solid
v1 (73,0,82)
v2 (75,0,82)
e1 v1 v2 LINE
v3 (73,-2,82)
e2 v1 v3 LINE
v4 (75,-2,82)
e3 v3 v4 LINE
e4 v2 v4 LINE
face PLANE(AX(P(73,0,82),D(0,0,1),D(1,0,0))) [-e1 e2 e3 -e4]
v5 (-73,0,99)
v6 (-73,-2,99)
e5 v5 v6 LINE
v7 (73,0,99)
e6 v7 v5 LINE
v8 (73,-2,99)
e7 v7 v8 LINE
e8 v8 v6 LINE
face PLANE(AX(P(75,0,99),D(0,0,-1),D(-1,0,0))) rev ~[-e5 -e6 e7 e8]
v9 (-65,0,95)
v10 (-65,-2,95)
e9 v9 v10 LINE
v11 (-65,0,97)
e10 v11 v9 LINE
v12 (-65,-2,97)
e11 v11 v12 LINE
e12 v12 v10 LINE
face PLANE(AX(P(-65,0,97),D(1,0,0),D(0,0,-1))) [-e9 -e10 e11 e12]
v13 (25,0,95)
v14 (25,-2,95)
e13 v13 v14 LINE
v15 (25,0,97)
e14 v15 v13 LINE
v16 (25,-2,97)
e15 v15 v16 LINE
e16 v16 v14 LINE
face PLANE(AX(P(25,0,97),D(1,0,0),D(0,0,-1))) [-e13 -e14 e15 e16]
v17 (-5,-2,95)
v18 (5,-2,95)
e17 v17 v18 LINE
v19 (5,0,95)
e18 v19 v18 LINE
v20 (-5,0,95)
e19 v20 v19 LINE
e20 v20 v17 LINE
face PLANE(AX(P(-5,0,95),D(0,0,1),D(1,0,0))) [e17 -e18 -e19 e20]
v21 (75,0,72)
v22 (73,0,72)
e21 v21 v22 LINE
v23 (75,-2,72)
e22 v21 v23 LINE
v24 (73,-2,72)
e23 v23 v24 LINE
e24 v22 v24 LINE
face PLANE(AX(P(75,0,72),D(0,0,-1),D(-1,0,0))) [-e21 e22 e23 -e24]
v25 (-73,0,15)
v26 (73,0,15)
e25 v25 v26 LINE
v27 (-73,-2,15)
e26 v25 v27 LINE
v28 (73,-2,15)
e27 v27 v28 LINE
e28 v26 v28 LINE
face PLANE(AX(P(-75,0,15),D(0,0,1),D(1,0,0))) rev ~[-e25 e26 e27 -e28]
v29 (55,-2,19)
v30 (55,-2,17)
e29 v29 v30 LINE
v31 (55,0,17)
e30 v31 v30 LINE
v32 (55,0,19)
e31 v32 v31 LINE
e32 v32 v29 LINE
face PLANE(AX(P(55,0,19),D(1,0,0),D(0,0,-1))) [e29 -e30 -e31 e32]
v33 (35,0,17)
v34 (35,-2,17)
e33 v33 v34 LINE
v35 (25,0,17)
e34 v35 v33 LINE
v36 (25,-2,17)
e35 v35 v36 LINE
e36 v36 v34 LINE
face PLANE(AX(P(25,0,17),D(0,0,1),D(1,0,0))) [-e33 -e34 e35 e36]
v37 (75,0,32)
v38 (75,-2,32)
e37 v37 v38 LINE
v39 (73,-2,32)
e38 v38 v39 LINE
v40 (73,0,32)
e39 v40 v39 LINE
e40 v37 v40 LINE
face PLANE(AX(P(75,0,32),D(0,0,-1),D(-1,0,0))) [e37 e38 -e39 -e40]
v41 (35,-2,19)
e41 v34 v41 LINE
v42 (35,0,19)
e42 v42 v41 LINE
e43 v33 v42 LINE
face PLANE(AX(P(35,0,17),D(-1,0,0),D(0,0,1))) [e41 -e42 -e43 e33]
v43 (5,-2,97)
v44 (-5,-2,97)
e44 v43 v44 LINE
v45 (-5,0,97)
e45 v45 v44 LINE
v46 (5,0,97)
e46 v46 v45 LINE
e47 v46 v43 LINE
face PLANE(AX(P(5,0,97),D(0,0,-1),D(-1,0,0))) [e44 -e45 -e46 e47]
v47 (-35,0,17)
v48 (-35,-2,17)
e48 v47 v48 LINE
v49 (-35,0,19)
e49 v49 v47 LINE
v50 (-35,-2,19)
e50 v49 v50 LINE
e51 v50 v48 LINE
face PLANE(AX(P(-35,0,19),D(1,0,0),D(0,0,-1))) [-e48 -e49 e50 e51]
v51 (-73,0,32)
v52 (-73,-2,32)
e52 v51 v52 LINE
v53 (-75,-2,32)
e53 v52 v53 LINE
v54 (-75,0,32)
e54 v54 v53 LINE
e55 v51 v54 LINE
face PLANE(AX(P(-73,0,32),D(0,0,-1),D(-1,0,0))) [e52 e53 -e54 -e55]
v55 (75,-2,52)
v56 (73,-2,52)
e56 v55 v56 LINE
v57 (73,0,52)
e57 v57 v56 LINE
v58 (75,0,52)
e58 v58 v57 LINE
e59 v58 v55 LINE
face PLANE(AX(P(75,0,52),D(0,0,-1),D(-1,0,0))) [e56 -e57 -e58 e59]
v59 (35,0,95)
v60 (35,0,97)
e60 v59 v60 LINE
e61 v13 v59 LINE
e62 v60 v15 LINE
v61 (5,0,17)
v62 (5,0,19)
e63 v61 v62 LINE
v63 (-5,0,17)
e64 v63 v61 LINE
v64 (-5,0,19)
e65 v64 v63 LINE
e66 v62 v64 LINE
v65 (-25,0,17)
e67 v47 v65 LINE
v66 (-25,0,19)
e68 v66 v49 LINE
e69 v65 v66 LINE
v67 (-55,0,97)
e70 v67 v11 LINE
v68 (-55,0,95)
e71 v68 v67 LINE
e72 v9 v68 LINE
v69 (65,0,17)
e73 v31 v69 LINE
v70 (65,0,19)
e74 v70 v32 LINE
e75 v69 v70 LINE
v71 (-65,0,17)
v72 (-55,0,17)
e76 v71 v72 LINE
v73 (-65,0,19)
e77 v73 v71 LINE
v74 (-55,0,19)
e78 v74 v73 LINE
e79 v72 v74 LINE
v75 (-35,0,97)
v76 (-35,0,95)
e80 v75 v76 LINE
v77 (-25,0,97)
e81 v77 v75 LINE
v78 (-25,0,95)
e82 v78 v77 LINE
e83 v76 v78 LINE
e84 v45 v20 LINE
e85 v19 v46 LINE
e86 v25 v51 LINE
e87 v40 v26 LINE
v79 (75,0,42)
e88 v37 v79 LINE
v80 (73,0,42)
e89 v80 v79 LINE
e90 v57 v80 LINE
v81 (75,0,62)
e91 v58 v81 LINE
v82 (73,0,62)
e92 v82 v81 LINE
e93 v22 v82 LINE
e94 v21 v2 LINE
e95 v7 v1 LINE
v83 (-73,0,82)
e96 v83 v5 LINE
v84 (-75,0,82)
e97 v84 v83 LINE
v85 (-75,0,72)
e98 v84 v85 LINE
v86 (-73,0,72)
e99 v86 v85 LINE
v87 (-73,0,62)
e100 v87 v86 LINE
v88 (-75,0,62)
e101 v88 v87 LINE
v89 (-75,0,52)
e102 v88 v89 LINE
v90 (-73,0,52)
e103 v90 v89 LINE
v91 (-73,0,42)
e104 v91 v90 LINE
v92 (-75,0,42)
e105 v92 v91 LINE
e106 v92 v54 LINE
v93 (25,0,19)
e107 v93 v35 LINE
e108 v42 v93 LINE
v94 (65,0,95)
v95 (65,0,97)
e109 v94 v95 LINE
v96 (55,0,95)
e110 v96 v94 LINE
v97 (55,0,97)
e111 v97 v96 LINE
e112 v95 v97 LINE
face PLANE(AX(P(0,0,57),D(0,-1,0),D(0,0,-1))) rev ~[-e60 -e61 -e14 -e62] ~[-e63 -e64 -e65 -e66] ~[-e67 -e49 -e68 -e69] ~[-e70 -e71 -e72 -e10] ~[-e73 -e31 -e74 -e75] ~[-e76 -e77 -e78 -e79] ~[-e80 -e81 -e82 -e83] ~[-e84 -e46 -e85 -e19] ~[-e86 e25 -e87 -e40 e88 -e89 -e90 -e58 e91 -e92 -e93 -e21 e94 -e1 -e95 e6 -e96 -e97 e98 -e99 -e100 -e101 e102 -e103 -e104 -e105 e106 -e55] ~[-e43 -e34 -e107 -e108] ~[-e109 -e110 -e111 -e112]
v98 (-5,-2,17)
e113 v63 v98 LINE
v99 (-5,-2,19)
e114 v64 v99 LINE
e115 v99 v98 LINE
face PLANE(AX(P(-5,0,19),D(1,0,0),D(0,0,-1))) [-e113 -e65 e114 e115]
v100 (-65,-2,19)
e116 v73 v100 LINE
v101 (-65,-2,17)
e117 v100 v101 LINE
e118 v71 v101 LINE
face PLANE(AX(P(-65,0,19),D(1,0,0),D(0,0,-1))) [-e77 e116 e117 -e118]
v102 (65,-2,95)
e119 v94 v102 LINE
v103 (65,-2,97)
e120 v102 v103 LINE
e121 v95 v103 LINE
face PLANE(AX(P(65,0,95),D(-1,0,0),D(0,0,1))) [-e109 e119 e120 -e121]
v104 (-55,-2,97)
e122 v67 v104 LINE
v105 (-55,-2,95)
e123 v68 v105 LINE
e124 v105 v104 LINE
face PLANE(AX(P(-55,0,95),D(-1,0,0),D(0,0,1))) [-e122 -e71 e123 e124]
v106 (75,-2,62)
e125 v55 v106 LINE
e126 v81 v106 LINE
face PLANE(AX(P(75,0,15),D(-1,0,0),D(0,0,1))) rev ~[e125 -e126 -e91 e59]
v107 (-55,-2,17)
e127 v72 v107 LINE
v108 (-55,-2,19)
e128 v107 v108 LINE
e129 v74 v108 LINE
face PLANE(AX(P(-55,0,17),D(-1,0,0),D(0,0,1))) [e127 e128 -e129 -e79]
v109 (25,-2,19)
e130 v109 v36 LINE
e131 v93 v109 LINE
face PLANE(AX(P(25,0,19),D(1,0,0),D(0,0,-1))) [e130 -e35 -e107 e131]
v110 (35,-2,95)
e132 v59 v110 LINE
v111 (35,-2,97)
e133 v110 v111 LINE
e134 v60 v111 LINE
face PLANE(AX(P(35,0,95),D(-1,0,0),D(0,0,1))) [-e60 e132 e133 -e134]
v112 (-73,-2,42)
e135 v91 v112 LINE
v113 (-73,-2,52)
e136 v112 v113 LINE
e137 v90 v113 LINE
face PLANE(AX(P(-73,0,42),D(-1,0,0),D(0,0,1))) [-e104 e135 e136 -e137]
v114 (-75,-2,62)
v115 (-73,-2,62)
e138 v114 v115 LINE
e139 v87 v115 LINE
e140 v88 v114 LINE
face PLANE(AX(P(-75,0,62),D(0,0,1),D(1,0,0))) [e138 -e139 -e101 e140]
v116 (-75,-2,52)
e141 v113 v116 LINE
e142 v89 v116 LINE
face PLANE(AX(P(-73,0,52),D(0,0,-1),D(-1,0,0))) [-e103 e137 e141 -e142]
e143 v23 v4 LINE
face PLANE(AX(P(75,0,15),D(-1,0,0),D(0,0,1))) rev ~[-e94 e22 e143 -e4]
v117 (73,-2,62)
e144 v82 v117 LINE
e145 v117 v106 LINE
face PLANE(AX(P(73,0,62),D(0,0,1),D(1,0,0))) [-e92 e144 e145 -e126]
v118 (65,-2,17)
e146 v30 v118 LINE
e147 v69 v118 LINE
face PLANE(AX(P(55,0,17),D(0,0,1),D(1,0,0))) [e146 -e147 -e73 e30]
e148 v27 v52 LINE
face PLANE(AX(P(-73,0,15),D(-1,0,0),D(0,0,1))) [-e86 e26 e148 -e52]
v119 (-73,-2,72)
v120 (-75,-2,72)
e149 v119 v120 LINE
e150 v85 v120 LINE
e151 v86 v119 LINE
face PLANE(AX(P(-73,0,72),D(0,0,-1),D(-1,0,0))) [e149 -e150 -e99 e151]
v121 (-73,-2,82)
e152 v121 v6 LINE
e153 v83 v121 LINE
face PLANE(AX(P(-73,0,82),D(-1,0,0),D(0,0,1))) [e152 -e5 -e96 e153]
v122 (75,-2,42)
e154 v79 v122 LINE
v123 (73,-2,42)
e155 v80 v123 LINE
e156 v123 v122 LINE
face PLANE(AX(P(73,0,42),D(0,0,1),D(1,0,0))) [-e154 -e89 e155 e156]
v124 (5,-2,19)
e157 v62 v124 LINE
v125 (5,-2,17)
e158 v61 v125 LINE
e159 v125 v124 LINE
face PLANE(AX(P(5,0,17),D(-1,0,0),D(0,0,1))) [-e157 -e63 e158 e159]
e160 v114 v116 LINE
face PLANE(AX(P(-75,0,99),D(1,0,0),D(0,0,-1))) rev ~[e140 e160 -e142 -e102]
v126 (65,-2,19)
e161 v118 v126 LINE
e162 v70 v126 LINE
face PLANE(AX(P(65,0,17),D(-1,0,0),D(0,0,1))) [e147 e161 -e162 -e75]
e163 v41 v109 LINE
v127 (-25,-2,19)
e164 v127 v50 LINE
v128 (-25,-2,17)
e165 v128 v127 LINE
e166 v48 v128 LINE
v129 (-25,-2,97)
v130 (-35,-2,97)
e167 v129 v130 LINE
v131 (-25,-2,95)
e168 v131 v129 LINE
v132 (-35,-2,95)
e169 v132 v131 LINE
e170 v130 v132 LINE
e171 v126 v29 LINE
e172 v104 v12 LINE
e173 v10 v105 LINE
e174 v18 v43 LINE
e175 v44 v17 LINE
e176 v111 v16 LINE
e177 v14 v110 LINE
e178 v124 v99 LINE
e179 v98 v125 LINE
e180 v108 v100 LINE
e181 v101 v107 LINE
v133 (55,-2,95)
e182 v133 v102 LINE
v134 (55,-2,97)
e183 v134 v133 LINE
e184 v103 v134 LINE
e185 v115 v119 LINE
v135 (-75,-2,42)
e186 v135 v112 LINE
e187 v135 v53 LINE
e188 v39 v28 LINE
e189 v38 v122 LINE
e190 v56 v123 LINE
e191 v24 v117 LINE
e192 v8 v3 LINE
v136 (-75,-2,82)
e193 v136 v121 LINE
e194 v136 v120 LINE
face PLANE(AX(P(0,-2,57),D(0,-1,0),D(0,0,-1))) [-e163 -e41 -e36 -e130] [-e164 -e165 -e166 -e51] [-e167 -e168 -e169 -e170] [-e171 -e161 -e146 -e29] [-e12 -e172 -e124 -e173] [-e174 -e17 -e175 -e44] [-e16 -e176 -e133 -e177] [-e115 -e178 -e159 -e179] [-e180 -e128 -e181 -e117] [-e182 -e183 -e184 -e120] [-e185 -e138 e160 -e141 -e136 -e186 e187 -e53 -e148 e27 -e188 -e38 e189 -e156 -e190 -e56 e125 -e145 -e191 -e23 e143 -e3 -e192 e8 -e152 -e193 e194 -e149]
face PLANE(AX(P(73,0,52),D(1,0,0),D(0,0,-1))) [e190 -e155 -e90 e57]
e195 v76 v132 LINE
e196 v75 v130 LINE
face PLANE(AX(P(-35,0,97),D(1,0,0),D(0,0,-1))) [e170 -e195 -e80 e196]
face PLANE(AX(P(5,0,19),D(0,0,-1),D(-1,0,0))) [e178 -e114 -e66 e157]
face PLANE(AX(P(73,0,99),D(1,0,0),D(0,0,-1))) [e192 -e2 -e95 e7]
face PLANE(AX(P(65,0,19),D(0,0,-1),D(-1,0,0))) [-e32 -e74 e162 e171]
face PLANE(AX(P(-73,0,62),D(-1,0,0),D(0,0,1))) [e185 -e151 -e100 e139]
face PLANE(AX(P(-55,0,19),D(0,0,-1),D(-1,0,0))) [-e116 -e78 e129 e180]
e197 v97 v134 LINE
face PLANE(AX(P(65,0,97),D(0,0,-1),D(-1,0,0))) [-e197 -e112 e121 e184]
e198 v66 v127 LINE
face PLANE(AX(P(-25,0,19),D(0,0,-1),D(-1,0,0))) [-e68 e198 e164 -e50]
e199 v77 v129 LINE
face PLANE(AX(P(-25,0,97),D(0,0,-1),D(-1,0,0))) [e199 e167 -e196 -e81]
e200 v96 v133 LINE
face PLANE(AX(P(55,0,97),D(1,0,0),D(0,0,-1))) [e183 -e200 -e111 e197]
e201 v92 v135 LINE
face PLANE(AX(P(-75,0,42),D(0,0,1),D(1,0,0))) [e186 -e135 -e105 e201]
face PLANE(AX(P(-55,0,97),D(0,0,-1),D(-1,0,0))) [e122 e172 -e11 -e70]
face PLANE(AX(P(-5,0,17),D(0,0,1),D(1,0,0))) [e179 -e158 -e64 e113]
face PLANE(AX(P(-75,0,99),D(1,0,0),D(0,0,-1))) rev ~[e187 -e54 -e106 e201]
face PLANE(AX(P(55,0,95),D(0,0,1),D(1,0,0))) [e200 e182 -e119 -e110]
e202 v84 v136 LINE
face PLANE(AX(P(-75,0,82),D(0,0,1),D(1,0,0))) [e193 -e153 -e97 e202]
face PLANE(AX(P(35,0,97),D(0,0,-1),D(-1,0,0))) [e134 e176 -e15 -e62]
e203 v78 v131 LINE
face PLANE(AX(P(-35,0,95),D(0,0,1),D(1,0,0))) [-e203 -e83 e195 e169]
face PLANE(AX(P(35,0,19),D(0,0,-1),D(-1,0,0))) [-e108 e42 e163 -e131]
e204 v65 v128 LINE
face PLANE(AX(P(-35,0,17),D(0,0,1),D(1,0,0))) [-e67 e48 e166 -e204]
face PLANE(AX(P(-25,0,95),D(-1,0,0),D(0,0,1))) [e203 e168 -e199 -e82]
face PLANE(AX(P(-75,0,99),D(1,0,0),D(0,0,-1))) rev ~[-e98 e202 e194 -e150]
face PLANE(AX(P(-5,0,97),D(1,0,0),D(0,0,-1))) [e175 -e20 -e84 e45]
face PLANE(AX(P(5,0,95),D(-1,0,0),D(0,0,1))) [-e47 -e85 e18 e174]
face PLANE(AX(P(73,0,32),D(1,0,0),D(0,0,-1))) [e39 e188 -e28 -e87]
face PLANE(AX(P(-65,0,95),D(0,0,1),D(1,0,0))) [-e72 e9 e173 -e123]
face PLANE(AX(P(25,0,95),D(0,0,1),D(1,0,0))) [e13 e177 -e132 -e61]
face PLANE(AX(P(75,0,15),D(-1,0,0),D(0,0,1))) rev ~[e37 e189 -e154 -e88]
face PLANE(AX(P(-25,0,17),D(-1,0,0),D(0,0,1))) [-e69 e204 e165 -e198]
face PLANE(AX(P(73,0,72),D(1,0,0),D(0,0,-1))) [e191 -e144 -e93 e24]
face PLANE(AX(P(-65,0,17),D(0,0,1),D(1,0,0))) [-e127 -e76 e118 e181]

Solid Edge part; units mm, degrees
sketch "Sketch1" plane through (0, 0, 0) normal (0, -1, 0) x (1, 0, 0)
  line L0 (75, 15) -> (75, 99)
  line L1 (75, 99) -> (-75, 99)
  line L2 (-75, 99) -> (-75, 15)
  line L3 (-75, 15) -> (75, 15)
extrude "Protrusion1" add sketch "Sketch1" along normal blind 2
sketch "Sketch2" plane through (0, 0, 0) normal (0, -1, 0) x (1, 0, 0)
  line L0 (-65, 95) -> (-55, 95)
  line L1 (-55, 95) -> (-55, 97)
  line L2 (-55, 97) -> (-65, 97)
  line L3 (-65, 97) -> (-65, 95)
  line L4 (-25, 97) -> (-35, 97)
  line L5 (-35, 97) -> (-35, 95)
  line L6 (-35, 95) -> (-25, 95)
  line L7 (-25, 95) -> (-25, 97)
  line L8 (-5, 95) -> (5, 95)
  line L9 (5, 95) -> (5, 97)
  line L10 (5, 97) -> (-5, 97)
  line L11 (-5, 97) -> (-5, 95)
  line L12 (25, 95) -> (35, 95)
  line L13 (35, 95) -> (35, 97)
  line L14 (35, 97) -> (25, 97)
  line L15 (25, 97) -> (25, 95)
  line L16 (65, 95) -> (65, 97)
  line L17 (65, 97) -> (55, 97)
  line L18 (55, 97) -> (55, 95)
  line L19 (55, 95) -> (65, 95)
  line L20 (73, 99) -> (73, 82)
  line L21 (73, 82) -> (75, 82)
  line L22 (75, 82) -> (75, 99)
  line L23 (75, 99) -> (73, 99)
  line L24 (75, 62) -> (75, 72)
  line L25 (75, 72) -> (73, 72)
  line L26 (73, 72) -> (73, 62)
  line L27 (73, 62) -> (75, 62)
  line L28 (73, 52) -> (73, 42)
  line L29 (73, 42) -> (75, 42)
  line L30 (75, 42) -> (75, 52)
  line L31 (75, 52) -> (73, 52)
  line L32 (75, 15) -> (75, 32)
  line L33 (75, 32) -> (73, 32)
  line L34 (73, 32) -> (73, 15)
  line L35 (73, 15) -> (75, 15)
  line L36 (55, 17) -> (65, 17)
  line L37 (65, 17) -> (65, 19)
  line L38 (65, 19) -> (55, 19)
  line L39 (55, 19) -> (55, 17)
  line L40 (25, 17) -> (35, 17)
  line L41 (35, 17) -> (35, 19)
  line L42 (35, 19) -> (25, 19)
  line L43 (25, 19) -> (25, 17)
  line L44 (-5, 17) -> (5, 17)
  line L45 (5, 17) -> (5, 19)
  line L46 (5, 19) -> (-5, 19)
  line L47 (-5, 19) -> (-5, 17)
  line L48 (-35, 17) -> (-25, 17)
  line L49 (-25, 17) -> (-25, 19)
  line L50 (-25, 19) -> (-35, 19)
  line L51 (-35, 19) -> (-35, 17)
  line L52 (-55, 17) -> (-55, 19)
  line L53 (-55, 19) -> (-65, 19)
  line L54 (-65, 19) -> (-65, 17)
  line L55 (-65, 17) -> (-55, 17)
  line L56 (-75, 99) -> (-75, 82)
  line L57 (-75, 82) -> (-73, 82)
  line L58 (-73, 82) -> (-73, 99)
  line L59 (-73, 99) -> (-75, 99)
  line L60 (-73, 62) -> (-73, 72)
  line L61 (-73, 72) -> (-75, 72)
  line L62 (-75, 72) -> (-75, 62)
  line L63 (-75, 62) -> (-73, 62)
  line L64 (-73, 42) -> (-73, 52)
  line L65 (-73, 52) -> (-75, 52)
  line L66 (-75, 52) -> (-75, 42)
  line L67 (-75, 42) -> (-73, 42)
  line L68 (-73, 15) -> (-73, 32)
  line L69 (-73, 32) -> (-75, 32)
  line L70 (-75, 32) -> (-75, 15)
  line L71 (-75, 15) -> (-73, 15)
  dimension "D1" = 10
  dimension "D2" = 2
  dimension "D3" = 10
  dimension "D4" = 2
  dimension "D5" = 10
  dimension "D6" = 2
  dimension "D7" = 10
  dimension "D8" = 2
  dimension "D9" = 10
  dimension "D10" = 2
  dimension "D11" = 2
  dimension "D12" = 10
  dimension "D13" = 2
  dimension "D14" = 10
  dimension "D15" = 2
  dimension "D16" = 17
  dimension "D17" = 10
  dimension "D18" = 2
  dimension "D19" = 10
  dimension "D20" = 2
  dimension "D21" = 10
  dimension "D22" = 2
  dimension "D23" = 10
  dimension "D24" = 2
  dimension "D25" = 10
  dimension "D26" = 2
  dimension "D27" = 2
  dimension "D28" = 2
  dimension "D29" = 2
  dimension "D30" = 2
  dimension "D31" = 2
  dimension "D32" = 2
  dimension "D33" = 2
  dimension "D34" = 17
  dimension "D35" = 10
  dimension "D36" = 10
  dimension "D37" = 10
  dimension "D38" = 20
  dimension "D39" = 20
  dimension "D40" = 20
  dimension "D41" = 20
  dimension "D42" = 10
  dimension "D43" = 10
  dimension "D44" = 20
  dimension "D45" = 20
  dimension "D46" = 20
  dimension "D47" = 20
  dimension "D48" = 10
  dimension "D49" = 10
  dimension "D50" = 2
  dimension "D51" = 17
  dimension "D52" = 2
  dimension "D53" = 10
  dimension "D54" = 2
  dimension "D55" = 10
  dimension "D56" = 2
  dimension "D57" = 17
  dimension "D58" = 10
  dimension "D59" = 10
  dimension "D60" = 2
  dimension "D61" = 2
  dimension "D62" = 2
  dimension "D63" = 2
extrude "ExtrudedCutout_2" cut sketch "Sketch2" along normal blind 2
properties material "Acrylic, high impact grade"
